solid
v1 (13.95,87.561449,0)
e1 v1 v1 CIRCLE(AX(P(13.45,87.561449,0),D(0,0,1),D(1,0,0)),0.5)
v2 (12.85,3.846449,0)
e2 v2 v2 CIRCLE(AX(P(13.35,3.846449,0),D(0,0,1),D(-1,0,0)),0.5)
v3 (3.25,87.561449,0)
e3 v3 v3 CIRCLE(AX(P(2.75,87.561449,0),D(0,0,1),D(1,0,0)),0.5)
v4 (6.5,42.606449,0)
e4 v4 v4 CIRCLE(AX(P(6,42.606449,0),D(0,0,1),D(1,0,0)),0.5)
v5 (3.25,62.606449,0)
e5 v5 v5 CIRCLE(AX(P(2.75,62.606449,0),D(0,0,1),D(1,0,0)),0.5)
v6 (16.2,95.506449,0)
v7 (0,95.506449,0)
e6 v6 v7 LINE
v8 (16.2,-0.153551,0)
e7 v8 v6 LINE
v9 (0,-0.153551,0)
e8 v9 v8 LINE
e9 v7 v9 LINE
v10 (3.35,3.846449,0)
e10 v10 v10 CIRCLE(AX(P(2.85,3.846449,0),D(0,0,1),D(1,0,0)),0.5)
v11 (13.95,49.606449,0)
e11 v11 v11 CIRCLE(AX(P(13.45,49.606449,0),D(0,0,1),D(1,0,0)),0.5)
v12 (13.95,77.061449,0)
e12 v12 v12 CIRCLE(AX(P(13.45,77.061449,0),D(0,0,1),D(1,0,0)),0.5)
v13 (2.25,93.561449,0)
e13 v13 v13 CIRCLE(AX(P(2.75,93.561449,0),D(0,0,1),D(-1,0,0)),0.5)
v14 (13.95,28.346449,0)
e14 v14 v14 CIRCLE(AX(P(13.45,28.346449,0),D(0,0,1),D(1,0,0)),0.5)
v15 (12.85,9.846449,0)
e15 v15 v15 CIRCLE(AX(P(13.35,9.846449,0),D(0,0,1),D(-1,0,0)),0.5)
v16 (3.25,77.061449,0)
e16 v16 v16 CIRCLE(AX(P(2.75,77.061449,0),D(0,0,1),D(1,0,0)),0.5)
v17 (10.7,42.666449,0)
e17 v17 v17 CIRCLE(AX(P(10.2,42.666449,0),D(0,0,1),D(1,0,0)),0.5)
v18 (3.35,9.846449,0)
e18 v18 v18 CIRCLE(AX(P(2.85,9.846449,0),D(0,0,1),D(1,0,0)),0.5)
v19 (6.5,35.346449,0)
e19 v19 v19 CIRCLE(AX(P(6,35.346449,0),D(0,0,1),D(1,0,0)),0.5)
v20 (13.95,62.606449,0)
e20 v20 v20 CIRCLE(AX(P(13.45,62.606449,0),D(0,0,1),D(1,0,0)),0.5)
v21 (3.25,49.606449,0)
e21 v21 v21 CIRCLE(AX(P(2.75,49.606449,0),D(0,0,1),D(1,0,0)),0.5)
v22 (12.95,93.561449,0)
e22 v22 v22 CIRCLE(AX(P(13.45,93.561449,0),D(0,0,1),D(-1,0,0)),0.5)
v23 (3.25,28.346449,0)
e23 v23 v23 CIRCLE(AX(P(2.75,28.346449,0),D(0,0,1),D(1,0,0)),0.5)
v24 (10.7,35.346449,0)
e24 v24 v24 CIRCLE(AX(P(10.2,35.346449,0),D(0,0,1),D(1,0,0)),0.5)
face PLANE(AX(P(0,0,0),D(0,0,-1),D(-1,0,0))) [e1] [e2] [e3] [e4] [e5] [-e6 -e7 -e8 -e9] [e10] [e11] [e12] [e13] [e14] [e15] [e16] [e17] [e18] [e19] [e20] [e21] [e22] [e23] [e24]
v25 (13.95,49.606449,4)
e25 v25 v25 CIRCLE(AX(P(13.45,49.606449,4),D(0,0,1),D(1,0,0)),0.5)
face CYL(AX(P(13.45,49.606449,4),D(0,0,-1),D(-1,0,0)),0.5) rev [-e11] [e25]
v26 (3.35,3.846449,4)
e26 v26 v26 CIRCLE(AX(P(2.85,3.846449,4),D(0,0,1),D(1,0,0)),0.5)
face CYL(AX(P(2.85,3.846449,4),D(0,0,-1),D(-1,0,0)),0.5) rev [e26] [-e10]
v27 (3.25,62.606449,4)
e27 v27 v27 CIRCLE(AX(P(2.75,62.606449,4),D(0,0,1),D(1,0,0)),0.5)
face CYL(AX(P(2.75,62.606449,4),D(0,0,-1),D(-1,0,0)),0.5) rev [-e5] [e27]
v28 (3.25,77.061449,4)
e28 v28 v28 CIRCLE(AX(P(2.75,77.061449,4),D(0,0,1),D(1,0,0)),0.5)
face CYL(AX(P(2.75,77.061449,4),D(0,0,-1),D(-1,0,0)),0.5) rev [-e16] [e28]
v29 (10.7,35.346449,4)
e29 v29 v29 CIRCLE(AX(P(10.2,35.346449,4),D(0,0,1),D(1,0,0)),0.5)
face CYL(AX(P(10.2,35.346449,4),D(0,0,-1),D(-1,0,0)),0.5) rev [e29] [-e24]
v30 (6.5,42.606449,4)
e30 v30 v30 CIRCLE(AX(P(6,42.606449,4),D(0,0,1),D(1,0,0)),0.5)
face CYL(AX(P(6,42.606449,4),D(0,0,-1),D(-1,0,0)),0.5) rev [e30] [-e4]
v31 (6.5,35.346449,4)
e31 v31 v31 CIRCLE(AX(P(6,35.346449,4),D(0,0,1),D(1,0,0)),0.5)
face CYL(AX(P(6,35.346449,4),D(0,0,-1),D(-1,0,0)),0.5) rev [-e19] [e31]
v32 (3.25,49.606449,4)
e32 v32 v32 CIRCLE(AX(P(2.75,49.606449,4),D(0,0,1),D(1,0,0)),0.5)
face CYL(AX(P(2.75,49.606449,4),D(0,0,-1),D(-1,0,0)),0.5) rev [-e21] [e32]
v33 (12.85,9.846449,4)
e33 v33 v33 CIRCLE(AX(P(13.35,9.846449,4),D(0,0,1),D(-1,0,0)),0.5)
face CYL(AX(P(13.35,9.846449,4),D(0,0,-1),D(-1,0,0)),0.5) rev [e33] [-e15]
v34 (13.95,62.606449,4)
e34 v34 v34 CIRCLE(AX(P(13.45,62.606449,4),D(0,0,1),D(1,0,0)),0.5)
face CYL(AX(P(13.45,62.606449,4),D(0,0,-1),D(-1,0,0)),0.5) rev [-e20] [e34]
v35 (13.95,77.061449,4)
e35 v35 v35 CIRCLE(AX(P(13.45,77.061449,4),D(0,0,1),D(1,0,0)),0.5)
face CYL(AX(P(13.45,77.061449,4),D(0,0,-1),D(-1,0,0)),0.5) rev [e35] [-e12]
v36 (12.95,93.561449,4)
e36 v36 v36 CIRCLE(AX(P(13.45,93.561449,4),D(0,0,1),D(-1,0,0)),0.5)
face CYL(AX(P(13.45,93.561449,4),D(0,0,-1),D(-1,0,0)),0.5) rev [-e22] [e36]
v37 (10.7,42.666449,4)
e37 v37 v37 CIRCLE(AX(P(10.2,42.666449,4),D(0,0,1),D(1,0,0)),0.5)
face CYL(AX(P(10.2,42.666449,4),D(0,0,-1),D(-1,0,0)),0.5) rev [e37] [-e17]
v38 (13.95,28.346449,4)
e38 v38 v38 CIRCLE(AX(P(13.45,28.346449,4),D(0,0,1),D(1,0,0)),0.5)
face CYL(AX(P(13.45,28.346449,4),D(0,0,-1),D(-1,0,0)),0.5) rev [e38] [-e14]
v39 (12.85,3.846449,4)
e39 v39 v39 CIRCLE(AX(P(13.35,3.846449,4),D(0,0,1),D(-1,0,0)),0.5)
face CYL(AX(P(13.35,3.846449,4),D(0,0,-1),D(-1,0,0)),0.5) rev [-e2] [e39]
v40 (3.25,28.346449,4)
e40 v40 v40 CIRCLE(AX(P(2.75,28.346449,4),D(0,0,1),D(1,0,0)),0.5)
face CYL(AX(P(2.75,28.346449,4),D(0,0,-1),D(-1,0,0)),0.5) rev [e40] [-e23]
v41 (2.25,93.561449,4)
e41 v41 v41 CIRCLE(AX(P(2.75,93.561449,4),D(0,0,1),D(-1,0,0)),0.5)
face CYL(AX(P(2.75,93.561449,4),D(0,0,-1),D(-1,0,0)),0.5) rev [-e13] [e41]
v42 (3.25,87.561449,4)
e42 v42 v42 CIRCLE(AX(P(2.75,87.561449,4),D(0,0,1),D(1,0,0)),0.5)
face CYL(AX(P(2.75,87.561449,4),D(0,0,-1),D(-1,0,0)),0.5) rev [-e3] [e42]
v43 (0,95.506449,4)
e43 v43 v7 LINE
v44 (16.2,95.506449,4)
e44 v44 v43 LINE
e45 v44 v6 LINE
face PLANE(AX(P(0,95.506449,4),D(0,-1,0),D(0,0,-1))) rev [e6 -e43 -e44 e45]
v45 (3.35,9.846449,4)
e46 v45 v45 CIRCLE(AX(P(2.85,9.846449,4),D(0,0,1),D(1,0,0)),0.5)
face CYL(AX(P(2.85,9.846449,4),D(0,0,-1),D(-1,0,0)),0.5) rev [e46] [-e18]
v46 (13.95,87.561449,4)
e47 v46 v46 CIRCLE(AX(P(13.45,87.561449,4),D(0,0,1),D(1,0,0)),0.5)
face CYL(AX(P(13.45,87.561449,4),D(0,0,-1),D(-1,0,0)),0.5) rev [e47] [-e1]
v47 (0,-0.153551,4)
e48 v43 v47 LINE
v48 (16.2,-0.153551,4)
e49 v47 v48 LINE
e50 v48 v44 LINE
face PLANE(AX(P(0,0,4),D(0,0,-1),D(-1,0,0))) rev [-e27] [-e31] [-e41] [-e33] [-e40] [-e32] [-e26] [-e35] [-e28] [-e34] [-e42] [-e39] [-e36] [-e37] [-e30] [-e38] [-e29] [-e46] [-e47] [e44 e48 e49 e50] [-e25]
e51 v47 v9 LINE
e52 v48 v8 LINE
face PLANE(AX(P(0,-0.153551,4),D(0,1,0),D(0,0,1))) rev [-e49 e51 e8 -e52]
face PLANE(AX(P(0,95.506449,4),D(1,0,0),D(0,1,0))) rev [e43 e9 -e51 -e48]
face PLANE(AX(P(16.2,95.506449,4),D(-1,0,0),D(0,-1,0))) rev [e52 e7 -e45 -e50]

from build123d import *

# Parameters (mm, degrees)
SKETCH3_W           = 16.2
SKETCH3_H           = 95.66
SKETCH3_R           = 0.5
BOSS_EXTRUDE3_DEPTH = 4


with BuildPart() as part:
    # Sketch3 → Boss-Extrude3 (new body)
    with BuildSketch(Plane.XY):
        with Locations((8.1, 47.676448831)):
            Rectangle(SKETCH3_W, SKETCH3_H)
        with Locations((6, 35.346448831)):
            Circle(SKETCH3_R, mode=Mode.SUBTRACT)
        with Locations((10.2, 35.346448831)):
            Circle(SKETCH3_R, mode=Mode.SUBTRACT)
        with Locations((2.75, 87.561448831)):
            Circle(SKETCH3_R, mode=Mode.SUBTRACT)
        with Locations((10.2, 42.666448831)):
            Circle(SKETCH3_R, mode=Mode.SUBTRACT)
        with Locations((13.45, 49.606448831)):
            Circle(SKETCH3_R, mode=Mode.SUBTRACT)
        with Locations((2.75, 93.561448831)):
            Circle(SKETCH3_R, mode=Mode.SUBTRACT)
        with Locations((13.45, 87.561448831)):
            Circle(SKETCH3_R, mode=Mode.SUBTRACT)
        with Locations((2.75, 62.606448831)):
            Circle(SKETCH3_R, mode=Mode.SUBTRACT)
        with Locations((2.85, 9.846448831)):
            Circle(SKETCH3_R, mode=Mode.SUBTRACT)
        with Locations((13.35, 9.846448831)):
            Circle(SKETCH3_R, mode=Mode.SUBTRACT)
        with Locations((13.35, 3.846448831)):
            Circle(SKETCH3_R, mode=Mode.SUBTRACT)
        with Locations((2.85, 3.846448831)):
            Circle(SKETCH3_R, mode=Mode.SUBTRACT)
        with Locations((13.45, 62.606448831)):
            Circle(SKETCH3_R, mode=Mode.SUBTRACT)
        with Locations((2.75, 77.061448831)):
            Circle(SKETCH3_R, mode=Mode.SUBTRACT)
        with Locations((13.45, 28.346448831)):
            Circle(SKETCH3_R, mode=Mode.SUBTRACT)
        with Locations((13.45, 77.061448831)):
            Circle(SKETCH3_R, mode=Mode.SUBTRACT)
        with Locations((13.45, 93.561448831)):
            Circle(SKETCH3_R, mode=Mode.SUBTRACT)
        with Locations((2.75, 28.346448831)):
            Circle(SKETCH3_R, mode=Mode.SUBTRACT)
        with Locations((6, 42.606448831)):
            Circle(SKETCH3_R, mode=Mode.SUBTRACT)
        with Locations((2.75, 49.606448831)):
            Circle(SKETCH3_R, mode=Mode.SUBTRACT)
    extrude(amount=BOSS_EXTRUDE3_DEPTH)


solid = part.part
